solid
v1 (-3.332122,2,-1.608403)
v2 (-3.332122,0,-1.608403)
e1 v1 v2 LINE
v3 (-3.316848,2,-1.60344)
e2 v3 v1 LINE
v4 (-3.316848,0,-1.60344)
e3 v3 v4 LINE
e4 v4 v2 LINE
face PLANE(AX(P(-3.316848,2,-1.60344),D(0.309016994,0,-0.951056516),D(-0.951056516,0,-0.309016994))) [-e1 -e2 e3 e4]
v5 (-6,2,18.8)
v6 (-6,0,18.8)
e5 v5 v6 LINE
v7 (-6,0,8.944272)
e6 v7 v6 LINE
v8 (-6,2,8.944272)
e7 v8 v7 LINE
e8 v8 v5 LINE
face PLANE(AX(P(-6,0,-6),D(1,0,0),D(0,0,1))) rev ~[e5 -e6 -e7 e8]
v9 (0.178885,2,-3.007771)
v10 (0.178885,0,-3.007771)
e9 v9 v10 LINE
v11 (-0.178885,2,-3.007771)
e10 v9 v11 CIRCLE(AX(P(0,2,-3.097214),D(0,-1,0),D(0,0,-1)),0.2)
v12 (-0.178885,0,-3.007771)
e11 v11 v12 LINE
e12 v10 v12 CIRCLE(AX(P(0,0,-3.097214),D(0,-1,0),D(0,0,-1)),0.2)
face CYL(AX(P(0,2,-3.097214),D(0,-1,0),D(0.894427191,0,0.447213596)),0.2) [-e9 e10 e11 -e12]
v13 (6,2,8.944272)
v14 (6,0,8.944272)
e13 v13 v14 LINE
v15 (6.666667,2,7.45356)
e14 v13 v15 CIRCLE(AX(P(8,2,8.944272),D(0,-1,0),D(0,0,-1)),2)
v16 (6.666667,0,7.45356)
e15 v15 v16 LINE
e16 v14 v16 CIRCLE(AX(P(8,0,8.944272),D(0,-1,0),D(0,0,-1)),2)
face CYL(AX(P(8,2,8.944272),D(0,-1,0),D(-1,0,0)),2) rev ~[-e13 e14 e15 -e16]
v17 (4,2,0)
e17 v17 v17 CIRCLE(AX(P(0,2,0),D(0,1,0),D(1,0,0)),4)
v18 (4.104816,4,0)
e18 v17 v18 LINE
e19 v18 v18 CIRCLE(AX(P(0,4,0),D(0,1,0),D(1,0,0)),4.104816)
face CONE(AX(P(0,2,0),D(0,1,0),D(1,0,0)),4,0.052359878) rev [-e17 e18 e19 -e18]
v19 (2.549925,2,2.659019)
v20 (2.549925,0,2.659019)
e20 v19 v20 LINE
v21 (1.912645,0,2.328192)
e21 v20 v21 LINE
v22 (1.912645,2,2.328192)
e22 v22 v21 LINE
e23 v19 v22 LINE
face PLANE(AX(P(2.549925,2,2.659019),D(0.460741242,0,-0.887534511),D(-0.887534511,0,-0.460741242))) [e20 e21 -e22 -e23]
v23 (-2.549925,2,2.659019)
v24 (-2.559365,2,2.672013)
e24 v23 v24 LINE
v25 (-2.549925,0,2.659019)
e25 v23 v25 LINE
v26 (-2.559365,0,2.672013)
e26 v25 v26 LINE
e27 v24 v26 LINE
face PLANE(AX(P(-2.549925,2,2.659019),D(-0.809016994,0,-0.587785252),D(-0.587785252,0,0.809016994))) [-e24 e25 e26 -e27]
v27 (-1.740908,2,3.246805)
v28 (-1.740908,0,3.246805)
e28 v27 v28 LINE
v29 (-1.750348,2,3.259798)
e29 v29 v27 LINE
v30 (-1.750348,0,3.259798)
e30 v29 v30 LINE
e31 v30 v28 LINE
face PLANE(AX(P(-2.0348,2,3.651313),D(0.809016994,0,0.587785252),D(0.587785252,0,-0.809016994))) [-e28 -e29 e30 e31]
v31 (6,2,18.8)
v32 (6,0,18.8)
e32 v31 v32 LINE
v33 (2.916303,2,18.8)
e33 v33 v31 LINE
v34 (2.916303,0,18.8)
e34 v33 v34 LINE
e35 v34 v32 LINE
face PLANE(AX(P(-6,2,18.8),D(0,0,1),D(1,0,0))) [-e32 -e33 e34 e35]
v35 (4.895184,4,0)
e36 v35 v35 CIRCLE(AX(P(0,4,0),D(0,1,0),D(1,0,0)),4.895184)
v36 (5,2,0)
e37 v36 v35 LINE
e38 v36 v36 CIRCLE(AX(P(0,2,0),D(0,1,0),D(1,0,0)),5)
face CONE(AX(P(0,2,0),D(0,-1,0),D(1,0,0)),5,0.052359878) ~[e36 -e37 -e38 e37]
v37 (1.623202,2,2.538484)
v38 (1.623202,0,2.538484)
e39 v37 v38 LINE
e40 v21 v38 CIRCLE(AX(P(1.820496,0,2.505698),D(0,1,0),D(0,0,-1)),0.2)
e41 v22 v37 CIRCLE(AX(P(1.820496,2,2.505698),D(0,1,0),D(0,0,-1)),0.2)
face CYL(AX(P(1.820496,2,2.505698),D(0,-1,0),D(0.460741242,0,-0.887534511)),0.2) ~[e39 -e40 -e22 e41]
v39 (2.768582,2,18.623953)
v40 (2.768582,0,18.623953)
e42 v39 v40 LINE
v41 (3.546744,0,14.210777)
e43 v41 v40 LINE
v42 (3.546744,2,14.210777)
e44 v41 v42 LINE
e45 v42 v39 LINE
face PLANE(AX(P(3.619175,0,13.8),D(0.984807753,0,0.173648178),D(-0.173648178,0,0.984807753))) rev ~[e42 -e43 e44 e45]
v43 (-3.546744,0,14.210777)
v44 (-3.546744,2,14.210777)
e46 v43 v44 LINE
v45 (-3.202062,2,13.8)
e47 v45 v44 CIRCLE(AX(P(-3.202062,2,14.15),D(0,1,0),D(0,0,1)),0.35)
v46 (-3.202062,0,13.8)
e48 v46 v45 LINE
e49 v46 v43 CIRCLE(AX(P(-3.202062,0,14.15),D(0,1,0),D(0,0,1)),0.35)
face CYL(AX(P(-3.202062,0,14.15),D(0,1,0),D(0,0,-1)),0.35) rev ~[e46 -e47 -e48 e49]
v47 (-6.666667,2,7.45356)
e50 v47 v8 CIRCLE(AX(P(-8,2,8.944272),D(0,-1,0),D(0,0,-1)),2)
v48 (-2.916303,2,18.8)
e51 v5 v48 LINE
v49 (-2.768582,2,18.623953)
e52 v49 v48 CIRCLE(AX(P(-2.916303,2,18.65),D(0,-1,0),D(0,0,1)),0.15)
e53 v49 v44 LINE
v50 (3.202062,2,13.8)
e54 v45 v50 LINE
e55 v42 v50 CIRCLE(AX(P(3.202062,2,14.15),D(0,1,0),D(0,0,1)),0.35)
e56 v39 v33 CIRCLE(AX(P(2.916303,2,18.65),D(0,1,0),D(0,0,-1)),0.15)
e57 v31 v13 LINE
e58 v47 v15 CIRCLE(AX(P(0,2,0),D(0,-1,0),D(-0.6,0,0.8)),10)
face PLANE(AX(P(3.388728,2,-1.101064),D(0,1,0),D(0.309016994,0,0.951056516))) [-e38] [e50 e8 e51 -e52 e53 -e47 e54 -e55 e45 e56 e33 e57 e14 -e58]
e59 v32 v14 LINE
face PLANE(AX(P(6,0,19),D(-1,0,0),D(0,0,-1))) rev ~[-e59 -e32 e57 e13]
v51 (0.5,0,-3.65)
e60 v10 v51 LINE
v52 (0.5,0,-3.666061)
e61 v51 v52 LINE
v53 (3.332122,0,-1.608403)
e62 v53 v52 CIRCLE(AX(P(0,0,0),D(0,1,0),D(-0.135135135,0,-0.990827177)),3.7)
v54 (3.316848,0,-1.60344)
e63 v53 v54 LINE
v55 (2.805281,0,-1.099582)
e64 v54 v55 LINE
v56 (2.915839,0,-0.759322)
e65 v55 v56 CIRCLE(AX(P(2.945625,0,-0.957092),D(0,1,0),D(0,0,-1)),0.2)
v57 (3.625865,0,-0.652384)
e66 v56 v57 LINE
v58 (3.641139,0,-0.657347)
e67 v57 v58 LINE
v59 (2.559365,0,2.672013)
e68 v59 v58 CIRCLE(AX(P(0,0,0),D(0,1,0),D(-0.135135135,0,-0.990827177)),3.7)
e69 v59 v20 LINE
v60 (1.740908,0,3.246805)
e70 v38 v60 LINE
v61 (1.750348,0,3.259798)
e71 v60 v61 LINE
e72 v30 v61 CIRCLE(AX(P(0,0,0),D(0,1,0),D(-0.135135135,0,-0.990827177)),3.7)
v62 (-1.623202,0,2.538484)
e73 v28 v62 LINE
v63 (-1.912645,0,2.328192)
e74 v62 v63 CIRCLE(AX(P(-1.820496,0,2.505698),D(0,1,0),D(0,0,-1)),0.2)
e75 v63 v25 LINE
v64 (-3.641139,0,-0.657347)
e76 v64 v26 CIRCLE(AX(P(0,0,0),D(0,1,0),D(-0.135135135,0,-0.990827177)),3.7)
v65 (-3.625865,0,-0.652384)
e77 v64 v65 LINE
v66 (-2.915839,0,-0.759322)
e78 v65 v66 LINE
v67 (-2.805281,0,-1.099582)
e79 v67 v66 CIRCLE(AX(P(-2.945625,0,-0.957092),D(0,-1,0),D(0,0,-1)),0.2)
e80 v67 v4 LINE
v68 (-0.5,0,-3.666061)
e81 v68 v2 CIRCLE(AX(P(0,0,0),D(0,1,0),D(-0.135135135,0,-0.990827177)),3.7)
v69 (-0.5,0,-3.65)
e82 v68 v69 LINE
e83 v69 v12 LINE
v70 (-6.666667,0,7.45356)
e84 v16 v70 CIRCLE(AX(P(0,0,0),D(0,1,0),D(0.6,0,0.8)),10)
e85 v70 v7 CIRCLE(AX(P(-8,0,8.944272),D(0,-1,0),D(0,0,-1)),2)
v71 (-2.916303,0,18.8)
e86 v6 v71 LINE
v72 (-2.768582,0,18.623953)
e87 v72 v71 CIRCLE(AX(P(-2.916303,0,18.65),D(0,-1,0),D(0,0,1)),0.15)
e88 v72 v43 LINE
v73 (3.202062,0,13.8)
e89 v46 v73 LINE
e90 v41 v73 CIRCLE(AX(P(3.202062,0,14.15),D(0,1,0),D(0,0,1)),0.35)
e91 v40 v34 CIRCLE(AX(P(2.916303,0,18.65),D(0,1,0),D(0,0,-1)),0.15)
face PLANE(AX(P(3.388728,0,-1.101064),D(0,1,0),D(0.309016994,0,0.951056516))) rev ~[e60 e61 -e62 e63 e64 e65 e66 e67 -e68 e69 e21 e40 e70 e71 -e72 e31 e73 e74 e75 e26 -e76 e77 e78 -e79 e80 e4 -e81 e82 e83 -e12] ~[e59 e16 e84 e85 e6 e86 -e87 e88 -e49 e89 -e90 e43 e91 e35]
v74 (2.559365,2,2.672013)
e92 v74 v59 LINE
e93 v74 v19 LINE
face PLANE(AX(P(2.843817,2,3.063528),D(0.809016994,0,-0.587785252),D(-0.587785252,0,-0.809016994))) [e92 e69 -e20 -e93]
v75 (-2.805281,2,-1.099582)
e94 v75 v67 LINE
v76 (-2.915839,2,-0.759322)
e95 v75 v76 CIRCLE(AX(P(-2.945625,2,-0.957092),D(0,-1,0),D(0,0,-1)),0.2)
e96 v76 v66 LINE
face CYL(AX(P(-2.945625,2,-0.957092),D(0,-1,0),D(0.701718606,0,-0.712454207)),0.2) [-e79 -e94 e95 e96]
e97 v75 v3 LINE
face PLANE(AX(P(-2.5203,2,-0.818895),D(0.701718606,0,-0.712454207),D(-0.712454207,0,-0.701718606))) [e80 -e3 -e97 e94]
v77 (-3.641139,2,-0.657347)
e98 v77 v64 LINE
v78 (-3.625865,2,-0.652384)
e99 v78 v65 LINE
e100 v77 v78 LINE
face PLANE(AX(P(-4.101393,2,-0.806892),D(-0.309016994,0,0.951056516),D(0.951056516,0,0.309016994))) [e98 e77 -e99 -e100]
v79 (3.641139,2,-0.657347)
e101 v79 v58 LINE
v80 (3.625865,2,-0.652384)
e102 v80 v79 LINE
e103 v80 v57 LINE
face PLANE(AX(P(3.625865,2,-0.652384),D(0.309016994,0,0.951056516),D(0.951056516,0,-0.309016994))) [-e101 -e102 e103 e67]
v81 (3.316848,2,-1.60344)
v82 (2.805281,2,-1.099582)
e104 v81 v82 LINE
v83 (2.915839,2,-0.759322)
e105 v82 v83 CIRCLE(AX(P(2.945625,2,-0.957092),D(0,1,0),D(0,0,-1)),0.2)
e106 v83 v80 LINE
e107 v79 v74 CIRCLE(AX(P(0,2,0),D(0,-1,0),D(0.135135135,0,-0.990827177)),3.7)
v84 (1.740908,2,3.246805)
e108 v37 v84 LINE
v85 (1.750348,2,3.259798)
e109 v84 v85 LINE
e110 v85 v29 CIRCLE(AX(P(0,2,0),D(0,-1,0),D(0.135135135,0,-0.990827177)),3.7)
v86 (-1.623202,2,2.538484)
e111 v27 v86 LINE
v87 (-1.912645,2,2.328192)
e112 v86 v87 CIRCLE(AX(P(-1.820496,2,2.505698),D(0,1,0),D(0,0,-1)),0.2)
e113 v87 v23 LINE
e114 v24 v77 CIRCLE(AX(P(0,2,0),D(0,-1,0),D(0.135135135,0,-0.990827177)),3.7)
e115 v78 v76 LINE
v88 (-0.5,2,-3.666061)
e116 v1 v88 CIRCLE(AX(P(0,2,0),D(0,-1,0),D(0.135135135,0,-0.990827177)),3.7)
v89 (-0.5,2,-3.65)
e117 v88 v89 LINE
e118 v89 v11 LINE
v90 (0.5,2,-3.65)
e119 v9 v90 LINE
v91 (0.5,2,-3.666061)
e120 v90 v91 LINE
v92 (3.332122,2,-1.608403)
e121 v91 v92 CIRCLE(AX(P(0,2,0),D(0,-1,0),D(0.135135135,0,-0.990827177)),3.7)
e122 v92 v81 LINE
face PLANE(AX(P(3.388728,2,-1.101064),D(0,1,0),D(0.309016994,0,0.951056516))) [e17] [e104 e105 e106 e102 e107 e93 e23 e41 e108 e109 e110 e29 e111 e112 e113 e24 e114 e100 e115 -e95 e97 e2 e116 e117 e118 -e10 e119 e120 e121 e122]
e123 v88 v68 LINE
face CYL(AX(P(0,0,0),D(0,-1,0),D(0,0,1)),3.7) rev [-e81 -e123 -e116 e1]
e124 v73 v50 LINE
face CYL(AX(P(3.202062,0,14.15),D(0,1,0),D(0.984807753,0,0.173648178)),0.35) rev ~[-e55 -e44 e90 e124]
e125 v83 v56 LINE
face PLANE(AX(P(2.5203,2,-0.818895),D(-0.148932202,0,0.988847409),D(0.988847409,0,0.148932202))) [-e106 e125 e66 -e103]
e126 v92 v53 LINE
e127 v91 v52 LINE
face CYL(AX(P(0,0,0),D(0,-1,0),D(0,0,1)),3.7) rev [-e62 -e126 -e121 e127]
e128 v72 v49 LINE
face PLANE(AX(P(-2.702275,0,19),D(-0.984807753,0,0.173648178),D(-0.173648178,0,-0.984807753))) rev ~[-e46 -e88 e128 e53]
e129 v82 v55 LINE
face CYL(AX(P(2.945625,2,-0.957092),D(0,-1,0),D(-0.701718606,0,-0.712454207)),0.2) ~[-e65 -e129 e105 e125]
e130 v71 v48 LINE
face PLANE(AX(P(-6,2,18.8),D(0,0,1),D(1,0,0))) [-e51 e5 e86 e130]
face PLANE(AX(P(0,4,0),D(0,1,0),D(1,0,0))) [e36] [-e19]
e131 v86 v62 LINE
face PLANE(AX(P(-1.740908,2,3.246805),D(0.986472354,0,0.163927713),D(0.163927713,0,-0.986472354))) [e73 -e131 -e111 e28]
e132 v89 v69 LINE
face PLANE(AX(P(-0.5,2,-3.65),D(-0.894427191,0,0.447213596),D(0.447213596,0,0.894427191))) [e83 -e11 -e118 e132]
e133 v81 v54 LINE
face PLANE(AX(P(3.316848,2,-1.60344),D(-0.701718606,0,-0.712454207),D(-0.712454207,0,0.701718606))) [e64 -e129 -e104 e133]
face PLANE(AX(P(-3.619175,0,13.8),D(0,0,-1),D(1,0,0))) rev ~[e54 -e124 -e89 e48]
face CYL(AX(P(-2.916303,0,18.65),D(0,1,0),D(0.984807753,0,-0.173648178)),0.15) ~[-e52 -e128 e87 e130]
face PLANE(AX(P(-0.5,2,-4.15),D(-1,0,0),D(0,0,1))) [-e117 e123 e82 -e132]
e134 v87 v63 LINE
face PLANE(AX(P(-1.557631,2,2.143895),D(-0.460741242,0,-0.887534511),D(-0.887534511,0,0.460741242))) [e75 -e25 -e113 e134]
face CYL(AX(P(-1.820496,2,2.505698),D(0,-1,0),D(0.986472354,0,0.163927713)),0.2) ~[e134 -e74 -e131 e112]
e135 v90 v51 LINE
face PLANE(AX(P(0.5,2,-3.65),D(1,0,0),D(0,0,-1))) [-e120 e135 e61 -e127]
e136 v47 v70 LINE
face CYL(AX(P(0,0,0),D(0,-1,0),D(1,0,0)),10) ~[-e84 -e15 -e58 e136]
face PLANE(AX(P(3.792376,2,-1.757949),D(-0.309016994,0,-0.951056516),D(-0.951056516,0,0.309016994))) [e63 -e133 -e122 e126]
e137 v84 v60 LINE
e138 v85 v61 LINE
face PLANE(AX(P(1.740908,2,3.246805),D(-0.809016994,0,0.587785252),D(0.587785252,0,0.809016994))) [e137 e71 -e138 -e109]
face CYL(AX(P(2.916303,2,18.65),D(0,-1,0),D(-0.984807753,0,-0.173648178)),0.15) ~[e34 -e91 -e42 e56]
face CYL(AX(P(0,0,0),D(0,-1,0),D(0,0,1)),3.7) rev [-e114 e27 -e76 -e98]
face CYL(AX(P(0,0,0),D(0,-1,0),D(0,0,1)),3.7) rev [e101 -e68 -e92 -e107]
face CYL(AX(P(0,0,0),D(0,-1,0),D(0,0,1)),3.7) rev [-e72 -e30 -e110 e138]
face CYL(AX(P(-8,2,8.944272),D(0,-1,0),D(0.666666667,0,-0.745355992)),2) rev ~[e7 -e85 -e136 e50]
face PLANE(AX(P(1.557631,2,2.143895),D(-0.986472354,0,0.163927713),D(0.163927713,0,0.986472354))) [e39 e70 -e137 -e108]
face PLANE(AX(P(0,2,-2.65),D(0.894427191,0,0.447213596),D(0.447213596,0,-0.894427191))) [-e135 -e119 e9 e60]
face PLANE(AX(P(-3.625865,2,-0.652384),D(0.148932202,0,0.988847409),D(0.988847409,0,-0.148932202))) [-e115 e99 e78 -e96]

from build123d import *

# Parameters (mm, degrees)
SKETCH1_R           = 3.7
BOSS_EXTRUDE1_DEPTH = 2
SKETCH2_R           = 10
SKETCH2_R_2         = 3.8
BOSS_EXTRUDE2_DEPTH = 2
SKETCH4_W           = 12
SKETCH4_H           = 0.2
CUT_EXTRUDE1_DEPTH  = 4
FILLET3_R           = 0.35
FILLET4_R           = 0.15
FILLET6_R           = 2
BOSS_EXTRUDE6_DEPTH = 2
CIRPATTERN1_COUNT   = 5
SKETCH11_R          = 5
SKETCH11_R_2        = 4
BOSS_EXTRUDE7_DEPTH = 2
BOSS_EXTRUDE7_DRAFT = 3
FILLET10_R          = 0.2


with BuildPart() as part:
    # Sketch1 → Boss-Extrude1 (new body)
    with BuildSketch(Plane(origin=(0, 0, 0), x_dir=(1, 0, 0), z_dir=(0, 1, 0))):
        Polygon((-6, 6), (-6, -13.291502622), (-6, -19), (-2.70227506, -19), (-3.619175359, -13.8), (0, -13.8), (3.619175359, -13.8), (2.70227506, -19), (6, -19), (6, -13.291502622), (6, 6), align=None)
        with Locations(Location((0, 0, 0), (0, 0, 270))):
            Circle(SKETCH1_R, mode=Mode.SUBTRACT)
    extrude(amount=BOSS_EXTRUDE1_DEPTH)

    # Sketch2 → Boss-Extrude2 (add)
    with BuildSketch(Plane(origin=(0, 0, 0), x_dir=(1, 0, 0), z_dir=(0, 1, 0))):
        Circle(SKETCH2_R)
        Circle(SKETCH2_R_2, mode=Mode.SUBTRACT)
    extrude(amount=BOSS_EXTRUDE2_DEPTH)

    # Sketch4 → Cut-Extrude1 (cut)
    with BuildSketch(Plane(origin=(0, 2, 0), x_dir=(1, 0, 0), z_dir=(0, 1, 0))):
        with Locations((0, -18.9)):
            Rectangle(SKETCH4_W, SKETCH4_H)
    extrude(amount=-CUT_EXTRUDE1_DEPTH, mode=Mode.SUBTRACT)

    # Fillet3
    fillet3_edges = [part.edges().sort_by_distance(p)[0] for p in [
        (3.619175359, 1, 13.8),
        (-3.619175359, 1, 13.8),
    ]]
    fillet(fillet3_edges, radius=FILLET3_R)

    # Fillet4
    fillet4_edges = [part.edges().sort_by_distance(p)[0] for p in [
        (2.737540456, 1, 18.8),
        (-2.737540456, 1, 18.8),
    ]]
    fillet(fillet4_edges, radius=FILLET4_R)

    # Fillet6
    fillet6_edges = [part.edges().sort_by_distance(p)[0] for p in [
        (6, 1, 8),
        (-6, 1, 8),
    ]]
    fillet(fillet6_edges, radius=FILLET6_R)

    # Sketch8 → Boss-Extrude6 (add)
    with BuildSketch(Plane(origin=(0, 2, 0), x_dir=(1, 0, 0), z_dir=(0, 1, 0))):
        Polygon((-0.5, 3.65), (0, 2.65), (0.5, 3.65), (0.5, 4.15), (-0.5, 4.15), align=None)
    boss_extrude6 = extrude(amount=-BOSS_EXTRUDE6_DEPTH)

    # CirPattern1: Boss-Extrude6 ×5 about axis
    cirpattern1_axis = Axis((0, 0, 0), (0, 1, 0))
    for i in range(1, CIRPATTERN1_COUNT):
        add(boss_extrude6.rotate(cirpattern1_axis, i * 360 / CIRPATTERN1_COUNT))


with BuildPart() as boss_extrude7_tool:
    # Sketch11 → Boss-Extrude7 (with draft: the straight prism first)
    with BuildSketch(Plane(origin=(0, 2, 0), x_dir=(1, 0, 0), z_dir=(0, 1, 0))):
        Circle(SKETCH11_R)
        Circle(SKETCH11_R_2, mode=Mode.SUBTRACT)
    extrude(amount=BOSS_EXTRUDE7_DEPTH)
    # Boss-Extrude7: the draft: its side faces are tilted about the plane it starts from
    boss_extrude7_sides = [boss_extrude7_tool.faces().sort_by_distance(p)[0] for p in [
        (-5, 3, 0),
        (-4, 3, 0),
    ]]
    draft(boss_extrude7_sides, Plane(origin=(0, 2, 0), x_dir=(1, 0, 0), z_dir=(0, 1, 0)), BOSS_EXTRUDE7_DRAFT)


with BuildPart() as part_1:
    add(part.part)

    # Boss-Extrude7: add boss_extrude7_tool
    add(boss_extrude7_tool.part)

    # Fillet10
    fillet10_edges = [part_1.edges().sort_by_distance(p)[0] for p in [
        (0, 1, -2.65),
        (2.520299768, 1, -0.818895035),
        (1.557630919, 1, 2.143895035),
        (-1.557630919, 1, 2.143895035),
        (-2.520299768, 1, -0.818895035),
    ]]
    fillet(fillet10_edges, radius=FILLET10_R)


solid = part_1.part
